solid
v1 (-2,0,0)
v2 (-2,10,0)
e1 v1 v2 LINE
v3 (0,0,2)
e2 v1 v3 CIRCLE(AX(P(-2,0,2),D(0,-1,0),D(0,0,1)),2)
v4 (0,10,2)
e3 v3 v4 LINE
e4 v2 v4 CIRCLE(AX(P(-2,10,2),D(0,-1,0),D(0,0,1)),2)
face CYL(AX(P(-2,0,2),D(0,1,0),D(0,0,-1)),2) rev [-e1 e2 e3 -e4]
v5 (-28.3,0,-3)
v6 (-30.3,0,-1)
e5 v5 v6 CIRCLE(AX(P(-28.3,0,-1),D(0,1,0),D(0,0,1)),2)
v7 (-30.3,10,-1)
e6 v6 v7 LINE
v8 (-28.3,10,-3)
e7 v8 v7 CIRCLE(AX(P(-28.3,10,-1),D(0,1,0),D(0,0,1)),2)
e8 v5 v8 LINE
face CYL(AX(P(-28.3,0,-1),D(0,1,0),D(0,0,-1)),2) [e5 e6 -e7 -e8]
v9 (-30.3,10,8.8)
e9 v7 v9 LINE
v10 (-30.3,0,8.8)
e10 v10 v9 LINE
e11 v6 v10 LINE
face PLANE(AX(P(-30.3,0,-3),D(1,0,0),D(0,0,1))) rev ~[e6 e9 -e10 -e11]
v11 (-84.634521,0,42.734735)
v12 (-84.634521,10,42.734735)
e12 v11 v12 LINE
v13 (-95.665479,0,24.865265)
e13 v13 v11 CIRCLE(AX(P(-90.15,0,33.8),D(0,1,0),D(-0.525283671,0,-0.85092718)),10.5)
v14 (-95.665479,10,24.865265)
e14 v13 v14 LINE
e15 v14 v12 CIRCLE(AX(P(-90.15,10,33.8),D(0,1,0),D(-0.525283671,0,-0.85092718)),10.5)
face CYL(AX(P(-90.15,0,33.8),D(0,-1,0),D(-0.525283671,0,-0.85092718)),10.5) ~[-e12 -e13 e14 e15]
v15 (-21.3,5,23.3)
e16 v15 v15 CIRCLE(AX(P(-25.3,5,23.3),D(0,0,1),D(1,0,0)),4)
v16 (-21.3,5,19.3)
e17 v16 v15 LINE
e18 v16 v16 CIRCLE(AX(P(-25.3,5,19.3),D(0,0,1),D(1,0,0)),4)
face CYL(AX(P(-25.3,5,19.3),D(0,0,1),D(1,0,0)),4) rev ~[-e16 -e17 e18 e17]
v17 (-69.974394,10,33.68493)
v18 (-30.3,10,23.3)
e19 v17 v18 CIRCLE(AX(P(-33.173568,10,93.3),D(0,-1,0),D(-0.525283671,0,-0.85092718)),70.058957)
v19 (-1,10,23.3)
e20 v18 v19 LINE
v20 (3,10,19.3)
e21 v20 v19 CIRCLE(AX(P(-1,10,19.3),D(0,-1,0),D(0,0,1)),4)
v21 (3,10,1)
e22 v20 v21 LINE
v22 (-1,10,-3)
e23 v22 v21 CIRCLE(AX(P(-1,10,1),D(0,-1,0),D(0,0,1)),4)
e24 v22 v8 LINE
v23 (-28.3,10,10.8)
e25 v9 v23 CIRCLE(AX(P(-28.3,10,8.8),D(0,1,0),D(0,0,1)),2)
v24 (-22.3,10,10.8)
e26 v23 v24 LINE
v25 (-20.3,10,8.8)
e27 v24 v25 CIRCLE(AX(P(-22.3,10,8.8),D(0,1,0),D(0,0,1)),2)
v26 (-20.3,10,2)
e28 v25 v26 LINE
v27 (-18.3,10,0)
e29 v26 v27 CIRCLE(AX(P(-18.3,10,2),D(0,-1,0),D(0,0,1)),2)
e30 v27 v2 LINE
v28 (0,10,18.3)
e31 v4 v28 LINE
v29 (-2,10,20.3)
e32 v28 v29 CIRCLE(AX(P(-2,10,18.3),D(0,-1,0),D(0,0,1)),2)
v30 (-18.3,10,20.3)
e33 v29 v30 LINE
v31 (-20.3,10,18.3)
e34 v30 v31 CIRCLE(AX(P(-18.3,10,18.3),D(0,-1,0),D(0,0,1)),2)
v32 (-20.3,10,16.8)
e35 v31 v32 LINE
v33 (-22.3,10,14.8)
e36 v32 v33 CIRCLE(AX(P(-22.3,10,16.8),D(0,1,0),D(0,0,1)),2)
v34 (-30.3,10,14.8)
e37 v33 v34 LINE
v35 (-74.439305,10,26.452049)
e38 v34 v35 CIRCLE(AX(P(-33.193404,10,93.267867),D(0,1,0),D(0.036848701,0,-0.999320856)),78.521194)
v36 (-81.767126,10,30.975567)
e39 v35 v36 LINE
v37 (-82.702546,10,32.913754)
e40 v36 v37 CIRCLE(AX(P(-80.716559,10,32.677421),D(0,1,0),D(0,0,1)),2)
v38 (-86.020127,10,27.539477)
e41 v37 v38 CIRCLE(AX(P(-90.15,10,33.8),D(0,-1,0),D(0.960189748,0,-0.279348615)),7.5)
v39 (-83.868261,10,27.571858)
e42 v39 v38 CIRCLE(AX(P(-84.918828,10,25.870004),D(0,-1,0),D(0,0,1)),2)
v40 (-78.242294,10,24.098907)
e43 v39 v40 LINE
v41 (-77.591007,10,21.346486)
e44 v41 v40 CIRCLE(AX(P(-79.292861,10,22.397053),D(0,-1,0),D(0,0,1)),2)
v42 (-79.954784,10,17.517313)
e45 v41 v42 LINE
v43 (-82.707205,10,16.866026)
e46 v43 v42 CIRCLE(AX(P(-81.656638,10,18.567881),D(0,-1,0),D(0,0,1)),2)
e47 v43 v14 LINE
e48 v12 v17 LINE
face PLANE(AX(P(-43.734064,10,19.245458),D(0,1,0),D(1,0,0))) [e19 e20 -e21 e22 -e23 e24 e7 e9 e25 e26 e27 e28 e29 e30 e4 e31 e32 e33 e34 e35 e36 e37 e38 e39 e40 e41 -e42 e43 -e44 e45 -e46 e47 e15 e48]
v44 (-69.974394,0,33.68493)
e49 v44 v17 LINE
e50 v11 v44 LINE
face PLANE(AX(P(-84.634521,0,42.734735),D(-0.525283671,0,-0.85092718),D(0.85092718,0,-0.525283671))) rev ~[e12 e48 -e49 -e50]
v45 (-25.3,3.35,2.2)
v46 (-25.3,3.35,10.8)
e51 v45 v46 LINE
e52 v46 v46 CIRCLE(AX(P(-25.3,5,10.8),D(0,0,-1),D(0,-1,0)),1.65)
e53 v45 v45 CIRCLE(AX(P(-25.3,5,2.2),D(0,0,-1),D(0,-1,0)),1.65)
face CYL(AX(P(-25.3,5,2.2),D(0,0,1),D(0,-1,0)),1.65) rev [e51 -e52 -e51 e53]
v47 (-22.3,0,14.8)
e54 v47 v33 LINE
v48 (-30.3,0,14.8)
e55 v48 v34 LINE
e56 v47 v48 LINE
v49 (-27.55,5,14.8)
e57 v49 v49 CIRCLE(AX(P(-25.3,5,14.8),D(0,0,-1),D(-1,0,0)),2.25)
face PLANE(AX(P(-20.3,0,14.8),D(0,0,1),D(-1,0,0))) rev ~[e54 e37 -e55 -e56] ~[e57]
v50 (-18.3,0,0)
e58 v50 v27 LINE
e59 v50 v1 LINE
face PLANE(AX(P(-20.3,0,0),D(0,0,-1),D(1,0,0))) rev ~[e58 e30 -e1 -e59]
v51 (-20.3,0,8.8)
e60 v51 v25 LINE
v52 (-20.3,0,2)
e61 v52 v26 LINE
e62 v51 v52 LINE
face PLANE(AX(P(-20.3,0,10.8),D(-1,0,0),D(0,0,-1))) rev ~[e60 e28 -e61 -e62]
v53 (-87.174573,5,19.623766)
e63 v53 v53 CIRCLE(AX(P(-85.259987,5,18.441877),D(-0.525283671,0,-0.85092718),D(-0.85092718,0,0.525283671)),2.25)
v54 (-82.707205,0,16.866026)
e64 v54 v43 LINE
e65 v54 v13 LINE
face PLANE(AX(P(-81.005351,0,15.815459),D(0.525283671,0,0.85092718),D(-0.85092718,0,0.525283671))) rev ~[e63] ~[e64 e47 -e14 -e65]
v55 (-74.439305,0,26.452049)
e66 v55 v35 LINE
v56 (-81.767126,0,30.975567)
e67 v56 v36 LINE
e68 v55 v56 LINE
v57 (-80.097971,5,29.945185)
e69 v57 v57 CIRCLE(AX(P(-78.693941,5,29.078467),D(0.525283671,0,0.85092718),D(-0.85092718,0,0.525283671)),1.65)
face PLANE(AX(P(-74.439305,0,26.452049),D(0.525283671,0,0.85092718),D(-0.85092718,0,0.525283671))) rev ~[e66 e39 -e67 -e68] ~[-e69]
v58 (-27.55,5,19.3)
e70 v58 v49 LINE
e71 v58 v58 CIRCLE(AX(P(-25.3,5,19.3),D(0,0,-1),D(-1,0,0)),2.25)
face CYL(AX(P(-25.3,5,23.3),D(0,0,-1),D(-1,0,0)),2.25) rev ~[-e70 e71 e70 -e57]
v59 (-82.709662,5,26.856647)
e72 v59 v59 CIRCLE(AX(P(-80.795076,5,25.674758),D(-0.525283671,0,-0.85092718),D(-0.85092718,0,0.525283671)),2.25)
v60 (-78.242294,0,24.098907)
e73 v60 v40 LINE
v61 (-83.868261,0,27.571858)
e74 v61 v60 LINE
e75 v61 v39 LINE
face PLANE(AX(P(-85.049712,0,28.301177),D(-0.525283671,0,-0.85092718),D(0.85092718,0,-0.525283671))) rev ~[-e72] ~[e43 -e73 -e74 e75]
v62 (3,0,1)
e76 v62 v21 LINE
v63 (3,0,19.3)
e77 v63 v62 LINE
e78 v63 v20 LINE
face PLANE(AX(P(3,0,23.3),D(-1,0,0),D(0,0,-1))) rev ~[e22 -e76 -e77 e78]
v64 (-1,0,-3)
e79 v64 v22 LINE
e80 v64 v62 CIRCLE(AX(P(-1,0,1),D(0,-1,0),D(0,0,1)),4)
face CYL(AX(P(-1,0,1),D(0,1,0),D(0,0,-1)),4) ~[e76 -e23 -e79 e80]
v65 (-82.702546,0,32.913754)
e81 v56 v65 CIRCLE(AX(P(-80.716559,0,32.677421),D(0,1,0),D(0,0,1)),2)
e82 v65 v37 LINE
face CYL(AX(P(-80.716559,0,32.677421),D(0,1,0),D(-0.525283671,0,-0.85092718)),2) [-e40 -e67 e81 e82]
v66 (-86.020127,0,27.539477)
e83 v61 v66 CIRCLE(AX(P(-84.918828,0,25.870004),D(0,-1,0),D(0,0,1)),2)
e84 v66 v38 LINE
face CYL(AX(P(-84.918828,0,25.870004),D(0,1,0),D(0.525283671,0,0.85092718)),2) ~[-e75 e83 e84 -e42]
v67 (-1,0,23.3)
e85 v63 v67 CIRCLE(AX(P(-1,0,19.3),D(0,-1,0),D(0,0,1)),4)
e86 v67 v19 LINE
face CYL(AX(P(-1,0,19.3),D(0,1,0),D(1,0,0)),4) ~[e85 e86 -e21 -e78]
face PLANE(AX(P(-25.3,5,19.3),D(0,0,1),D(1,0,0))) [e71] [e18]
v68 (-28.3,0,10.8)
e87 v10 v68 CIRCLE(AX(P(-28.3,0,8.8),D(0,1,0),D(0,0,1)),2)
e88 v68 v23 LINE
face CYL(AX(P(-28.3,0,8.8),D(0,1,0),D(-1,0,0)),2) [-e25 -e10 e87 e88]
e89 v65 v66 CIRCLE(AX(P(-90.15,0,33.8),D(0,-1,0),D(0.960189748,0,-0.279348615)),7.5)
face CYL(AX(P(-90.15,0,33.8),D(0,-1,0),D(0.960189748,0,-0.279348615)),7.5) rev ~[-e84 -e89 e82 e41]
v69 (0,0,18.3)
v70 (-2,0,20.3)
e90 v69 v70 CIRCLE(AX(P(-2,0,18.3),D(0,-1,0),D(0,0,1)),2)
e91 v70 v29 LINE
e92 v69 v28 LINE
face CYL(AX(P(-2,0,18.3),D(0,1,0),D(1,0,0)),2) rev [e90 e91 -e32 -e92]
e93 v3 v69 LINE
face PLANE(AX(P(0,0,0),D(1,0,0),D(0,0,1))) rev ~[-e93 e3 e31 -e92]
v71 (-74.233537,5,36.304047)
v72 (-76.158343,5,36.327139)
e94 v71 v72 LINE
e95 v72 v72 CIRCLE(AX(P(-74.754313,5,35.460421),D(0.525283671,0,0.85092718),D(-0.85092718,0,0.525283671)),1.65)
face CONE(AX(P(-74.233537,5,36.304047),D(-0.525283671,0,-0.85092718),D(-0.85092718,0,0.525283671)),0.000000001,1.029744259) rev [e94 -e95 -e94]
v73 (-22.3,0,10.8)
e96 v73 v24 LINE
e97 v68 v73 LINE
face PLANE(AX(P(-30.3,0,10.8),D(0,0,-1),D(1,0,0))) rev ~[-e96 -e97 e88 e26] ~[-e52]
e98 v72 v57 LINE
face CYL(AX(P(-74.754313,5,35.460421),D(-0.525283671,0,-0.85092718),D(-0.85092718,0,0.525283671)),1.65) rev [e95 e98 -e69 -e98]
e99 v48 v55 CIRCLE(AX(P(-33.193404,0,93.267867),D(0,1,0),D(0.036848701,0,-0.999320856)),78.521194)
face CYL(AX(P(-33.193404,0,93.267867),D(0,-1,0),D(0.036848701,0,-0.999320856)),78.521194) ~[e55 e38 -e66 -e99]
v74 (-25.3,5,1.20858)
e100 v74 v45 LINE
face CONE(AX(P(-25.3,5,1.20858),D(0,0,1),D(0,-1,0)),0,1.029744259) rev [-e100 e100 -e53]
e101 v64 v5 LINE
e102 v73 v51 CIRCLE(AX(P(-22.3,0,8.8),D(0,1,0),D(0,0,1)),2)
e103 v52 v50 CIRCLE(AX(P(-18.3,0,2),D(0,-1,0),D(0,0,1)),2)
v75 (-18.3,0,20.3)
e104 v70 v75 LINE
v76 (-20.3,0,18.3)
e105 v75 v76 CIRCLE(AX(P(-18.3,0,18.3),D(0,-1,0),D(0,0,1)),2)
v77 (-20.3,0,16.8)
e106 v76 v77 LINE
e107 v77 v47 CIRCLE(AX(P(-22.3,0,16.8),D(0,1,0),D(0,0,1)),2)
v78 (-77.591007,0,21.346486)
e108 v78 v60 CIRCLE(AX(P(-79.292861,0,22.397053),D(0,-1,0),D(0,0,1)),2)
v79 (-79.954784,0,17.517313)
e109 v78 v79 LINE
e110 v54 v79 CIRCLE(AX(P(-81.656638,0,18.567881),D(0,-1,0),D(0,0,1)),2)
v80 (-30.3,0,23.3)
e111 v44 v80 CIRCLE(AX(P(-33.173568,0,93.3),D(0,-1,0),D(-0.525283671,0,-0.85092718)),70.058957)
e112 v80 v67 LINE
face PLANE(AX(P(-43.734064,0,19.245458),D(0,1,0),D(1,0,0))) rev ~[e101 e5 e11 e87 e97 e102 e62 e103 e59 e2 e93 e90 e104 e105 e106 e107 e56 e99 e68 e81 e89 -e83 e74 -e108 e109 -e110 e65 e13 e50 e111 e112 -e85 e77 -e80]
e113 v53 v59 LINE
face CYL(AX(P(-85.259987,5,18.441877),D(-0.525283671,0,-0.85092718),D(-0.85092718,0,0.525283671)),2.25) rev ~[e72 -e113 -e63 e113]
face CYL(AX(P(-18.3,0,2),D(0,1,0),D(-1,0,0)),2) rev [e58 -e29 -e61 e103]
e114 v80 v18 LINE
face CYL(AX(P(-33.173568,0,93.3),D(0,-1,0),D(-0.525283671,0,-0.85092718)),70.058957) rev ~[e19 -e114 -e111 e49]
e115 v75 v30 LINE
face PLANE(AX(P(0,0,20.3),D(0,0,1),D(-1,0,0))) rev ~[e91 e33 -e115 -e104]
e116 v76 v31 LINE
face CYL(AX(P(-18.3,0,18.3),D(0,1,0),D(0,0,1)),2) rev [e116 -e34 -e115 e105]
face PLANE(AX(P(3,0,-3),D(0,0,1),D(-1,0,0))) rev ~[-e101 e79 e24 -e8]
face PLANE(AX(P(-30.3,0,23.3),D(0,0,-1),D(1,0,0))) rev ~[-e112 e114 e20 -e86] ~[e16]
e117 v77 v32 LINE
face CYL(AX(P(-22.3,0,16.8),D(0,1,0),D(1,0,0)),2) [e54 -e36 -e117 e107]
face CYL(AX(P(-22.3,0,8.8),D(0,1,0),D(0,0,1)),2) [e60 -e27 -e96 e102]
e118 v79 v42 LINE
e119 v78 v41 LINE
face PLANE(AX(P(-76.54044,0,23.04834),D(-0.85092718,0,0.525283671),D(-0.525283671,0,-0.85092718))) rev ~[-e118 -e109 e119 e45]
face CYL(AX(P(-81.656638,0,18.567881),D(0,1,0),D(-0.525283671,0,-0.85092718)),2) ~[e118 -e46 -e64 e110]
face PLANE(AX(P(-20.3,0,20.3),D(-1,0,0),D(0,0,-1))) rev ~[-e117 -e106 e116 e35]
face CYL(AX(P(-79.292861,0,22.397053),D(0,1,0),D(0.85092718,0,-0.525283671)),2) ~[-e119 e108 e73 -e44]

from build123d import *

# Parameters (mm, degrees)
EXTRUDE_2_DEPTH             = 10
HOLE_WIZARD_M41_D           = 4.5
HOLE_WIZARD_M41_DEPTH       = 8.5
HOLE_WIZARD_M41_CBORE_D     = 8
HOLE_WIZARD_M41_CBORE_DEPTH = 4
HOLE_WIZARD_M41_2_REACH     = 112.256
HOLE_WIZARD_M41_2_BORE_R    = 2.25
FILLET_4_R                  = 4
FILLET_3_R                  = 2


with BuildPart() as part:
    # Эскиз1 → Бобышка-Вытянуть2 (new body)
    with BuildSketch(Plane(origin=(0, 0, 0), x_dir=(1, 0, 0), z_dir=(0, 1, 0))):
        with BuildLine():
            Line((3, 3), (-23.3, 3))
            Line((-23.3, 3), (-30.3, 3))
            Line((-30.3, 3), (-30.3, -10.8))
            Line((-30.3, -10.8), (-20.3, -10.8))
            Line((-20.3, -10.8), (-20.3, 0))
            Line((-20.3, 0), (0, 0))
            Line((0, 0), (0, -20.3))
            Line((0, -20.3), (-20.3, -20.3))
            Line((-20.3, -20.3), (-20.3, -14.8))
            Line((-20.3, -14.8), (-30.3, -14.8))
            ThreePointArc((-30.3, -14.8), (-53.235137158, -17.347468756), (-74.439305098, -26.452048677))
            Line((-74.439305098, -26.452048677), (-82.948576893, -31.704885388))
            ThreePointArc((-82.948576893, -31.704885388), (-96.531953846, -37.739627534), (-85.049711578, -28.30117667))
            Line((-85.049711578, -28.30117667), (-76.540439783, -23.048339959))
            Line((-76.540439783, -23.048339959), (-81.005350987, -15.815458933))
            Line((-81.005350987, -15.815458933), (-95.665478547, -24.865264615))
            ThreePointArc((-95.665478547, -24.865264615), (-99.084735385, -39.315478547), (-84.634521453, -42.734735385))
            Line((-84.634521453, -42.734735385), (-69.974393893, -33.684929703))
            ThreePointArc((-69.974393893, -33.684929703), (-50.914097819, -25.524407087), (-30.3, -23.3))
            Line((-30.3, -23.3), (-23.3, -23.3))
            Line((-23.3, -23.3), (3, -23.3))
            Line((3, -23.3), (3, 3))
        make_face()
    extrude(amount=EXTRUDE_2_DEPTH)

    # Эскиз4 → Отверстие обработанное метчиком M4x0.72 (revolve, cut)
    with BuildSketch(Plane(origin=(-25.3, 5, 10.8), x_dir=(0, -1, 0), z_dir=(1, 0, 0))):
        Polygon((0, 0), (0, 9.591420021), (1.65, 8.6), (1.65, 0), align=None)
    revolve(axis=Axis((-25.3, 5, 17.15), (0, 0, -1)), mode=Mode.SUBTRACT)

    # Эскиз6 → Отверстие обработанное метчиком M4x0.71 (revolve, cut)
    with BuildSketch(Plane(origin=(-78.693940996, 5, 29.078467033), x_dir=(-0.8509271795055905, 0, 0.5252836711517509), z_dir=(0, 1, 0))):
        Polygon((0, 0), (0, 8.491420021), (1.65, 7.5), (1.65, 0), align=None)
    revolve(axis=Axis((-82.029492307, 5, 23.675079443), (0.5252836711517508, 0, 0.8509271795055904)), mode=Mode.SUBTRACT)

    # Hole Wizard M41
    with Locations(Plane(origin=(-25.3, 5, 23.3), x_dir=(1, 0, 0), z_dir=(0, 0, 1))):
        with Locations((0, 0)):
            CounterBoreHole(HOLE_WIZARD_M41_D / 2, HOLE_WIZARD_M41_CBORE_D / 2, HOLE_WIZARD_M41_CBORE_DEPTH, depth=HOLE_WIZARD_M41_DEPTH)

    # Hole Wizard M41 2 bore → Hole Wizard M41 2 (cut, up to next)
    with BuildSketch(Plane(origin=(-15.282069591, 0, -24.756011063), x_dir=(-0.8509271795055892, 0, 0.525283671151753), z_dir=(-0.525283671151753, 0, -0.8509271795055892)), mode=Mode.PRIVATE) as hole_wizard_m41_2_sk1:
        with Locations((82.23725717, 5)):
            Circle(HOLE_WIZARD_M41_2_BORE_R)
    hole_wizard_m41_2_tool1 = extrude(hole_wizard_m41_2_sk1.sketch, amount=-HOLE_WIZARD_M41_2_REACH, mode=Mode.PRIVATE) & part.part
    add(hole_wizard_m41_2_tool1.solids().sort_by_distance((-85.259987, 5, 18.441877))[0], mode=Mode.SUBTRACT)

    # Скругление4
    fillet_4_edges = [part.edges().sort_by_distance(p)[0] for p in [
        (3, 5, -3),
        (3, 5, 23.3),
    ]]
    fillet(fillet_4_edges, radius=FILLET_4_R)

    # Скругление3
    fillet_3_edges = [part.edges().sort_by_distance(p)[0] for p in [
        (0, 5, 0),
        (-20.3, 5, 0),
        (-20.3, 5, 10.8),
        (-30.3, 5, 10.8),
        (-30.3, 5, -3),
        (-81.005350987, 5, 15.815458933),
        (-76.540439783, 5, 23.048339959),
        (-85.049711578, 5, 28.30117667),
        (-82.948576893, 5, 31.704885388),
        (-20.3, 5, 14.8),
        (-20.3, 5, 20.3),
        (0, 5, 20.3),
    ]]
    fillet(fillet_3_edges, radius=FILLET_3_R)


solid = part.part
